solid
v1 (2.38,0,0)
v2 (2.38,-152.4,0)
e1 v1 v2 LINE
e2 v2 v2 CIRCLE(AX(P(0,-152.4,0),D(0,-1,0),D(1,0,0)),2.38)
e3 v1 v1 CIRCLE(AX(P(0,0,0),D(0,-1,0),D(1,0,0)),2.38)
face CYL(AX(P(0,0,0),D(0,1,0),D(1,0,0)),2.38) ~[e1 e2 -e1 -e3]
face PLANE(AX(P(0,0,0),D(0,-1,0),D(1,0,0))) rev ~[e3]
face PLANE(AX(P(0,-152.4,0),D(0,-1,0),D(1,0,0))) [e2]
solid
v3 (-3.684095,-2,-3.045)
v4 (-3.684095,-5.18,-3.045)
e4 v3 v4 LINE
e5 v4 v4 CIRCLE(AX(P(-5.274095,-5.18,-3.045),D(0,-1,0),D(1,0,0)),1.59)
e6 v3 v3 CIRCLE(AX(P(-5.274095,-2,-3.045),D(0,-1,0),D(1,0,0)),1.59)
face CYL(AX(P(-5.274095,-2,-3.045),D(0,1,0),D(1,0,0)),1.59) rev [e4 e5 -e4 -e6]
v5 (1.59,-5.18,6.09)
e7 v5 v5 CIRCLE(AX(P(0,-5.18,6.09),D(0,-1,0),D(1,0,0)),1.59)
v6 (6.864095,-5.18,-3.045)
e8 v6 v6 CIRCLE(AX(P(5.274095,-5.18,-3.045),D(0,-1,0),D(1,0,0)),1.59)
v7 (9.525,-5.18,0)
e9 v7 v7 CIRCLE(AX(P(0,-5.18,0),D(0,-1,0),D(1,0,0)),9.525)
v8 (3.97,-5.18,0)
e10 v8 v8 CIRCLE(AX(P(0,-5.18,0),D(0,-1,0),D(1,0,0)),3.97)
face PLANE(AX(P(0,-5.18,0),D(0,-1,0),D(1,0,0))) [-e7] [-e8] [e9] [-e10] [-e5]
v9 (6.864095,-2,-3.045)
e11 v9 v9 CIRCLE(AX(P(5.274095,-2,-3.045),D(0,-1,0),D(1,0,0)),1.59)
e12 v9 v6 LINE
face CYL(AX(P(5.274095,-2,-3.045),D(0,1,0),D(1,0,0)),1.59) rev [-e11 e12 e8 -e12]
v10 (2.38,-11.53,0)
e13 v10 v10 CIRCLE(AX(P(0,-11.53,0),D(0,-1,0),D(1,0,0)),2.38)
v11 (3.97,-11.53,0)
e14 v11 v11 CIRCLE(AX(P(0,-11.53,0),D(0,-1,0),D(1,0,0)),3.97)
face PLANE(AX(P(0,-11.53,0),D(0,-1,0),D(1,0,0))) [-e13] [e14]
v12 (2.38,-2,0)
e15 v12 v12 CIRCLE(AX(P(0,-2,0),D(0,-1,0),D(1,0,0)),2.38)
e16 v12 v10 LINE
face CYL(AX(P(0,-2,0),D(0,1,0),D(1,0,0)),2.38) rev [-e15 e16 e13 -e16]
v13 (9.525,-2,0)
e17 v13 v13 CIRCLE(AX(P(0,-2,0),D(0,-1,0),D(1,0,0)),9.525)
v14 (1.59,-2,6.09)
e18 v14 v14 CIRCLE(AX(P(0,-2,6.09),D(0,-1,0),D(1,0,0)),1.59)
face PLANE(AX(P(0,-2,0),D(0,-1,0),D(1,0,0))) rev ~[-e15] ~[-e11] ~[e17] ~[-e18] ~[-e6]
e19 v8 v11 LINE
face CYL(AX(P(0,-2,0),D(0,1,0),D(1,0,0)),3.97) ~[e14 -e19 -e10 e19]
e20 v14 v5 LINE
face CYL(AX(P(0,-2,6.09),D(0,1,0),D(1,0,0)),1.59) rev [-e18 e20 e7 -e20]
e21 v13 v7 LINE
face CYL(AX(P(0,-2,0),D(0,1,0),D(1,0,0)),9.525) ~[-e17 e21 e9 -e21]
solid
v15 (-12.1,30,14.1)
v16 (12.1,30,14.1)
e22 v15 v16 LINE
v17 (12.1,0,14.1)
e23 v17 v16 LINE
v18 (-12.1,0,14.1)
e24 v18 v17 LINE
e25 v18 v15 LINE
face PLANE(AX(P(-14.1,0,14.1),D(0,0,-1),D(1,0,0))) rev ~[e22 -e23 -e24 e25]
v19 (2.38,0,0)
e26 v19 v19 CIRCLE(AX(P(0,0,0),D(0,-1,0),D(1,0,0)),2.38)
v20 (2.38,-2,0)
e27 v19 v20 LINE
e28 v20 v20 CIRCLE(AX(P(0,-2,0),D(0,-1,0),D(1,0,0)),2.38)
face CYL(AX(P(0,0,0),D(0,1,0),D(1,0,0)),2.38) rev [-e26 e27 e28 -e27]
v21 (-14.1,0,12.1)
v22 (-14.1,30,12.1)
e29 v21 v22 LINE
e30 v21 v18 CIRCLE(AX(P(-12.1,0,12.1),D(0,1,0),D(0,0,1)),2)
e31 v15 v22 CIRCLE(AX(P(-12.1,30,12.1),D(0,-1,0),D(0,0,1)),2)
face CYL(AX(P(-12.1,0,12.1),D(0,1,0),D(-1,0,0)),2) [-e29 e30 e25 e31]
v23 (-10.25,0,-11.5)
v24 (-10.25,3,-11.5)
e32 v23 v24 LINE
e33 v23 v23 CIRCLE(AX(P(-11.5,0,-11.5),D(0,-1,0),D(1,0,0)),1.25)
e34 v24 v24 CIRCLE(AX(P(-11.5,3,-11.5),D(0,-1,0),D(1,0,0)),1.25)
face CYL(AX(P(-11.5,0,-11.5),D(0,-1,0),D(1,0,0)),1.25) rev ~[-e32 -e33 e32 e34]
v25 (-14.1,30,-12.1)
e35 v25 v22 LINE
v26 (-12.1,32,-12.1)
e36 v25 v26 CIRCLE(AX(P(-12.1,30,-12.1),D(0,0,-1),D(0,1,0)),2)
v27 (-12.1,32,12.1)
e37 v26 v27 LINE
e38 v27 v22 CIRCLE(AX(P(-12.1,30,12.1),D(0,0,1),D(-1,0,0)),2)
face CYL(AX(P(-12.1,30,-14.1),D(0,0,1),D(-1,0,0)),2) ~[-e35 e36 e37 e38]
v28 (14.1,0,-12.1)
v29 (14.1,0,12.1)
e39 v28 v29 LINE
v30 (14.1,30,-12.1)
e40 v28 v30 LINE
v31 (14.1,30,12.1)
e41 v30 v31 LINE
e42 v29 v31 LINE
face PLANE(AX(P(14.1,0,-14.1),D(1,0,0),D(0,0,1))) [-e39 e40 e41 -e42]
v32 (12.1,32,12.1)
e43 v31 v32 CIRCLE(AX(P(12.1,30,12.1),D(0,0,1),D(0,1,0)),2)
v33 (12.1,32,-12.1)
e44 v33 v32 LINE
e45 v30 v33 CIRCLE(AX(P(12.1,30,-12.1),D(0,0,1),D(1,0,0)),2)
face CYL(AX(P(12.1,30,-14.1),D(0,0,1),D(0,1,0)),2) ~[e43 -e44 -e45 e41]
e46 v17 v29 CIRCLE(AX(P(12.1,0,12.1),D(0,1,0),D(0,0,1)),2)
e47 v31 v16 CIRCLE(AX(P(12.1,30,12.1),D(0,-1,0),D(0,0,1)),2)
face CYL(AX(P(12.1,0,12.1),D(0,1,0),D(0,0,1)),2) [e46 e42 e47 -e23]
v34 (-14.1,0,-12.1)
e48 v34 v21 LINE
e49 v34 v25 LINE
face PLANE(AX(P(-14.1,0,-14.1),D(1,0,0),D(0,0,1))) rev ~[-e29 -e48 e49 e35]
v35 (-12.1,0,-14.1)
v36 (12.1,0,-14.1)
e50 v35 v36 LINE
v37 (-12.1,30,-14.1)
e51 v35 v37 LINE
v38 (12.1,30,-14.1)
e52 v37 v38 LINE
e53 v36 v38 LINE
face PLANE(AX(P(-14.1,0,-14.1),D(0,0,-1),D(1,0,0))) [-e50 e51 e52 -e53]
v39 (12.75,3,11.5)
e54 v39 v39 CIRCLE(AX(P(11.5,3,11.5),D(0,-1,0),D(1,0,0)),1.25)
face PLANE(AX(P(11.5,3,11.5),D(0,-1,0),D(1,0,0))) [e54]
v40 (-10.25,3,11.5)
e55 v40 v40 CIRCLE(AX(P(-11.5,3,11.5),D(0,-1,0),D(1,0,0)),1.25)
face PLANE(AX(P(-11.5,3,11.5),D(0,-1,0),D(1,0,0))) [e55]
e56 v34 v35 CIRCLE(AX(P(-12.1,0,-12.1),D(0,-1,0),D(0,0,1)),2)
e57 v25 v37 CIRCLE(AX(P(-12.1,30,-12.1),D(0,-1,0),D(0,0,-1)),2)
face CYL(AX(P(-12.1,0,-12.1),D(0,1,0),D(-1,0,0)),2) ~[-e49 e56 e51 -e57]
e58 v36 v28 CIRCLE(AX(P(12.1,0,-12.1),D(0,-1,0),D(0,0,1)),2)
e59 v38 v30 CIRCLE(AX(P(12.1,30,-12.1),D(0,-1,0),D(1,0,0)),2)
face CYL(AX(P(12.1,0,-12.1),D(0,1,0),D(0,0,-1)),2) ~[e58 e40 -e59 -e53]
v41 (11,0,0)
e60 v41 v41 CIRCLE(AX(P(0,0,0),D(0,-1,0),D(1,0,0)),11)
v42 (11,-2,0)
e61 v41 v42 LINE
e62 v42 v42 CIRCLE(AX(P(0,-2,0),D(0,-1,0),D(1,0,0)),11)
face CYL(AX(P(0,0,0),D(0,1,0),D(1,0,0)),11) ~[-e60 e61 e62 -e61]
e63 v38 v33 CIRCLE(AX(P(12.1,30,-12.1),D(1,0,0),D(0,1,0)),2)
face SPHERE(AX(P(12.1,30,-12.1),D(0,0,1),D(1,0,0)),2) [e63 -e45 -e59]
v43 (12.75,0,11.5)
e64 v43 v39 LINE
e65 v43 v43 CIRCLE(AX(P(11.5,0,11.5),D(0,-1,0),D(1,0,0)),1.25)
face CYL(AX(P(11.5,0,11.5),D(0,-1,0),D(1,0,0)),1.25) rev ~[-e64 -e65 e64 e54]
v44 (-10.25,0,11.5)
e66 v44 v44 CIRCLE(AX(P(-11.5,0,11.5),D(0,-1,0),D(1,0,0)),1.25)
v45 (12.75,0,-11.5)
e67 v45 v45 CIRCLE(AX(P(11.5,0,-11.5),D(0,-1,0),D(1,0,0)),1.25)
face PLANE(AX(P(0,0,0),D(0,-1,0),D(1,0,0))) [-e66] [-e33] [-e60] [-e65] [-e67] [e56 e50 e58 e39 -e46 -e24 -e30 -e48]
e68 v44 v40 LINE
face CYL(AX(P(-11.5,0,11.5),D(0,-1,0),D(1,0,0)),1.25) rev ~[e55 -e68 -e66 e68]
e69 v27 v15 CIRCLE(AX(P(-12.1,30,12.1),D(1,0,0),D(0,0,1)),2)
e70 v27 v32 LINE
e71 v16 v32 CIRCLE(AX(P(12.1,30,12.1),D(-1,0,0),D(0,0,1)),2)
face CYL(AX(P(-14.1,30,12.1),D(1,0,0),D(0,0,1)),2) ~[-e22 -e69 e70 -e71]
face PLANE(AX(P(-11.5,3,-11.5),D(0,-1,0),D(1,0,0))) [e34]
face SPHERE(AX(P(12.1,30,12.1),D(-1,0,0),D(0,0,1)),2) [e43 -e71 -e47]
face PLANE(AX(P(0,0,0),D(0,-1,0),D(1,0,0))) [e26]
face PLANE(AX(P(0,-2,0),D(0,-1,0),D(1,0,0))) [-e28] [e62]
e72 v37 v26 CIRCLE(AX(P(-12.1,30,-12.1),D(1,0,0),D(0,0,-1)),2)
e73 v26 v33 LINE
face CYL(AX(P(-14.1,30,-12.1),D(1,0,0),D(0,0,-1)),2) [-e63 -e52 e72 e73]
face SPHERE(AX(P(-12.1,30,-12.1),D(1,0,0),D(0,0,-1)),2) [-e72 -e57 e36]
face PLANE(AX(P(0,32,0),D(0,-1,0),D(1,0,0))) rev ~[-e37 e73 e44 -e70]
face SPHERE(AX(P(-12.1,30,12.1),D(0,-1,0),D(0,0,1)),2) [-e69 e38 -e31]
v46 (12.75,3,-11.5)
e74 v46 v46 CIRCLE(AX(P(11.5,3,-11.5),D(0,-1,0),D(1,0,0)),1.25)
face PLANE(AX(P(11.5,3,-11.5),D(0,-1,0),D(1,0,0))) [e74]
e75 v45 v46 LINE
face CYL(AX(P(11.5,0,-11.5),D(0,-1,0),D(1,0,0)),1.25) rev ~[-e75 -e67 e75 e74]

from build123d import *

# Parameters (mm, degrees)
F0_W     = 28.2
F0_H     = 28.2
F0_R     = 1.25
F0_R_2   = 11
F0_R_3   = 2.38
F1_DEPTH = 32
F2_DEPTH = 152.4
F3_DEPTH = 2
F4_DEPTH = 3
F5_R     = 2
F6_R     = 3.97
F6_R_2   = 2.38
F7_DEPTH = 9.53
F6_R_3   = 9.525
F6_R_4   = 1.59
F8_DEPTH = 3.18


with BuildPart() as f1:
    # F0 (on Front) → F1 (new body)
    with BuildSketch(Plane.XZ):
        Rectangle(F0_W, F0_H)
        with Locations((-11.5, -11.5)):
            Circle(F0_R, mode=Mode.SUBTRACT)
        with Locations((11.5, -11.5)):
            Circle(F0_R, mode=Mode.SUBTRACT)
        with Locations((-11.5, 11.5)):
            Circle(F0_R, mode=Mode.SUBTRACT)
        Circle(F0_R_2, mode=Mode.SUBTRACT)
        with Locations((11.5, 11.5)):
            Circle(F0_R, mode=Mode.SUBTRACT)
        with Locations((11.5, 11.5)):
            Circle(F0_R)
        with Locations((11.5, -11.5)):
            Circle(F0_R)
        with Locations((-11.5, -11.5)):
            Circle(F0_R)
        with Locations((-11.5, 11.5)):
            Circle(F0_R)
        Circle(F0_R_2)
        Circle(F0_R_3, mode=Mode.SUBTRACT)
        Circle(F0_R_3)
    extrude(amount=-F1_DEPTH)

    # F0 (on Front) → F3 (join)
    with BuildSketch(Plane.XZ):
        Circle(F0_R_2)
        Circle(F0_R_3, mode=Mode.SUBTRACT)
    extrude(amount=F3_DEPTH)

    # F0 (on Front) → F4 (cut)
    with BuildSketch(Plane.XZ):
        with Locations((-11.5, 11.5)):
            Circle(F0_R)
        with Locations((11.5, 11.5)):
            Circle(F0_R)
        with Locations((11.5, -11.5)):
            Circle(F0_R)
        with Locations((-11.5, -11.5)):
            Circle(F0_R)
    extrude(amount=-F4_DEPTH, mode=Mode.SUBTRACT)

    # F5
    f5_edges = [f1.edges().sort_by_distance(p)[0] for p in [
        (-14.1, 16, 14.1),
        (0, 32, 14.1),
        (14.1, 16, 14.1),
        (14.1, 32, 0),
        (14.1, 16, -14.1),
        (0, 32, -14.1),
        (-14.1, 16, -14.1),
        (-14.1, 32, 0),
    ]]
    fillet(f5_edges, radius=F5_R)


with BuildPart() as f2:
    # F0 (on Front) → F2 (new body)
    with BuildSketch(Plane.XZ):
        Circle(F0_R_3)
    extrude(amount=F2_DEPTH)


with BuildPart() as f7:
    # F6 (on face) → F7 (new body)
    with BuildSketch(Plane.XZ.offset(2)):
        Circle(F6_R)
        Circle(F6_R_2, mode=Mode.SUBTRACT)
    extrude(amount=F7_DEPTH)

    # F6 (on face) → F8 (join)
    with BuildSketch(Plane.XZ.offset(2)):
        Circle(F6_R_3)
        with Locations((-5.274094709, -3.045)):
            Circle(F6_R_4, mode=Mode.SUBTRACT)
        with Locations((5.274094709, -3.045)):
            Circle(F6_R_4, mode=Mode.SUBTRACT)
        Circle(F6_R, mode=Mode.SUBTRACT)
        with Locations((0, 6.09)):
            Circle(F6_R_4, mode=Mode.SUBTRACT)
    extrude(amount=F8_DEPTH)


solid = Compound([f1.part, f2.part, f7.part])
